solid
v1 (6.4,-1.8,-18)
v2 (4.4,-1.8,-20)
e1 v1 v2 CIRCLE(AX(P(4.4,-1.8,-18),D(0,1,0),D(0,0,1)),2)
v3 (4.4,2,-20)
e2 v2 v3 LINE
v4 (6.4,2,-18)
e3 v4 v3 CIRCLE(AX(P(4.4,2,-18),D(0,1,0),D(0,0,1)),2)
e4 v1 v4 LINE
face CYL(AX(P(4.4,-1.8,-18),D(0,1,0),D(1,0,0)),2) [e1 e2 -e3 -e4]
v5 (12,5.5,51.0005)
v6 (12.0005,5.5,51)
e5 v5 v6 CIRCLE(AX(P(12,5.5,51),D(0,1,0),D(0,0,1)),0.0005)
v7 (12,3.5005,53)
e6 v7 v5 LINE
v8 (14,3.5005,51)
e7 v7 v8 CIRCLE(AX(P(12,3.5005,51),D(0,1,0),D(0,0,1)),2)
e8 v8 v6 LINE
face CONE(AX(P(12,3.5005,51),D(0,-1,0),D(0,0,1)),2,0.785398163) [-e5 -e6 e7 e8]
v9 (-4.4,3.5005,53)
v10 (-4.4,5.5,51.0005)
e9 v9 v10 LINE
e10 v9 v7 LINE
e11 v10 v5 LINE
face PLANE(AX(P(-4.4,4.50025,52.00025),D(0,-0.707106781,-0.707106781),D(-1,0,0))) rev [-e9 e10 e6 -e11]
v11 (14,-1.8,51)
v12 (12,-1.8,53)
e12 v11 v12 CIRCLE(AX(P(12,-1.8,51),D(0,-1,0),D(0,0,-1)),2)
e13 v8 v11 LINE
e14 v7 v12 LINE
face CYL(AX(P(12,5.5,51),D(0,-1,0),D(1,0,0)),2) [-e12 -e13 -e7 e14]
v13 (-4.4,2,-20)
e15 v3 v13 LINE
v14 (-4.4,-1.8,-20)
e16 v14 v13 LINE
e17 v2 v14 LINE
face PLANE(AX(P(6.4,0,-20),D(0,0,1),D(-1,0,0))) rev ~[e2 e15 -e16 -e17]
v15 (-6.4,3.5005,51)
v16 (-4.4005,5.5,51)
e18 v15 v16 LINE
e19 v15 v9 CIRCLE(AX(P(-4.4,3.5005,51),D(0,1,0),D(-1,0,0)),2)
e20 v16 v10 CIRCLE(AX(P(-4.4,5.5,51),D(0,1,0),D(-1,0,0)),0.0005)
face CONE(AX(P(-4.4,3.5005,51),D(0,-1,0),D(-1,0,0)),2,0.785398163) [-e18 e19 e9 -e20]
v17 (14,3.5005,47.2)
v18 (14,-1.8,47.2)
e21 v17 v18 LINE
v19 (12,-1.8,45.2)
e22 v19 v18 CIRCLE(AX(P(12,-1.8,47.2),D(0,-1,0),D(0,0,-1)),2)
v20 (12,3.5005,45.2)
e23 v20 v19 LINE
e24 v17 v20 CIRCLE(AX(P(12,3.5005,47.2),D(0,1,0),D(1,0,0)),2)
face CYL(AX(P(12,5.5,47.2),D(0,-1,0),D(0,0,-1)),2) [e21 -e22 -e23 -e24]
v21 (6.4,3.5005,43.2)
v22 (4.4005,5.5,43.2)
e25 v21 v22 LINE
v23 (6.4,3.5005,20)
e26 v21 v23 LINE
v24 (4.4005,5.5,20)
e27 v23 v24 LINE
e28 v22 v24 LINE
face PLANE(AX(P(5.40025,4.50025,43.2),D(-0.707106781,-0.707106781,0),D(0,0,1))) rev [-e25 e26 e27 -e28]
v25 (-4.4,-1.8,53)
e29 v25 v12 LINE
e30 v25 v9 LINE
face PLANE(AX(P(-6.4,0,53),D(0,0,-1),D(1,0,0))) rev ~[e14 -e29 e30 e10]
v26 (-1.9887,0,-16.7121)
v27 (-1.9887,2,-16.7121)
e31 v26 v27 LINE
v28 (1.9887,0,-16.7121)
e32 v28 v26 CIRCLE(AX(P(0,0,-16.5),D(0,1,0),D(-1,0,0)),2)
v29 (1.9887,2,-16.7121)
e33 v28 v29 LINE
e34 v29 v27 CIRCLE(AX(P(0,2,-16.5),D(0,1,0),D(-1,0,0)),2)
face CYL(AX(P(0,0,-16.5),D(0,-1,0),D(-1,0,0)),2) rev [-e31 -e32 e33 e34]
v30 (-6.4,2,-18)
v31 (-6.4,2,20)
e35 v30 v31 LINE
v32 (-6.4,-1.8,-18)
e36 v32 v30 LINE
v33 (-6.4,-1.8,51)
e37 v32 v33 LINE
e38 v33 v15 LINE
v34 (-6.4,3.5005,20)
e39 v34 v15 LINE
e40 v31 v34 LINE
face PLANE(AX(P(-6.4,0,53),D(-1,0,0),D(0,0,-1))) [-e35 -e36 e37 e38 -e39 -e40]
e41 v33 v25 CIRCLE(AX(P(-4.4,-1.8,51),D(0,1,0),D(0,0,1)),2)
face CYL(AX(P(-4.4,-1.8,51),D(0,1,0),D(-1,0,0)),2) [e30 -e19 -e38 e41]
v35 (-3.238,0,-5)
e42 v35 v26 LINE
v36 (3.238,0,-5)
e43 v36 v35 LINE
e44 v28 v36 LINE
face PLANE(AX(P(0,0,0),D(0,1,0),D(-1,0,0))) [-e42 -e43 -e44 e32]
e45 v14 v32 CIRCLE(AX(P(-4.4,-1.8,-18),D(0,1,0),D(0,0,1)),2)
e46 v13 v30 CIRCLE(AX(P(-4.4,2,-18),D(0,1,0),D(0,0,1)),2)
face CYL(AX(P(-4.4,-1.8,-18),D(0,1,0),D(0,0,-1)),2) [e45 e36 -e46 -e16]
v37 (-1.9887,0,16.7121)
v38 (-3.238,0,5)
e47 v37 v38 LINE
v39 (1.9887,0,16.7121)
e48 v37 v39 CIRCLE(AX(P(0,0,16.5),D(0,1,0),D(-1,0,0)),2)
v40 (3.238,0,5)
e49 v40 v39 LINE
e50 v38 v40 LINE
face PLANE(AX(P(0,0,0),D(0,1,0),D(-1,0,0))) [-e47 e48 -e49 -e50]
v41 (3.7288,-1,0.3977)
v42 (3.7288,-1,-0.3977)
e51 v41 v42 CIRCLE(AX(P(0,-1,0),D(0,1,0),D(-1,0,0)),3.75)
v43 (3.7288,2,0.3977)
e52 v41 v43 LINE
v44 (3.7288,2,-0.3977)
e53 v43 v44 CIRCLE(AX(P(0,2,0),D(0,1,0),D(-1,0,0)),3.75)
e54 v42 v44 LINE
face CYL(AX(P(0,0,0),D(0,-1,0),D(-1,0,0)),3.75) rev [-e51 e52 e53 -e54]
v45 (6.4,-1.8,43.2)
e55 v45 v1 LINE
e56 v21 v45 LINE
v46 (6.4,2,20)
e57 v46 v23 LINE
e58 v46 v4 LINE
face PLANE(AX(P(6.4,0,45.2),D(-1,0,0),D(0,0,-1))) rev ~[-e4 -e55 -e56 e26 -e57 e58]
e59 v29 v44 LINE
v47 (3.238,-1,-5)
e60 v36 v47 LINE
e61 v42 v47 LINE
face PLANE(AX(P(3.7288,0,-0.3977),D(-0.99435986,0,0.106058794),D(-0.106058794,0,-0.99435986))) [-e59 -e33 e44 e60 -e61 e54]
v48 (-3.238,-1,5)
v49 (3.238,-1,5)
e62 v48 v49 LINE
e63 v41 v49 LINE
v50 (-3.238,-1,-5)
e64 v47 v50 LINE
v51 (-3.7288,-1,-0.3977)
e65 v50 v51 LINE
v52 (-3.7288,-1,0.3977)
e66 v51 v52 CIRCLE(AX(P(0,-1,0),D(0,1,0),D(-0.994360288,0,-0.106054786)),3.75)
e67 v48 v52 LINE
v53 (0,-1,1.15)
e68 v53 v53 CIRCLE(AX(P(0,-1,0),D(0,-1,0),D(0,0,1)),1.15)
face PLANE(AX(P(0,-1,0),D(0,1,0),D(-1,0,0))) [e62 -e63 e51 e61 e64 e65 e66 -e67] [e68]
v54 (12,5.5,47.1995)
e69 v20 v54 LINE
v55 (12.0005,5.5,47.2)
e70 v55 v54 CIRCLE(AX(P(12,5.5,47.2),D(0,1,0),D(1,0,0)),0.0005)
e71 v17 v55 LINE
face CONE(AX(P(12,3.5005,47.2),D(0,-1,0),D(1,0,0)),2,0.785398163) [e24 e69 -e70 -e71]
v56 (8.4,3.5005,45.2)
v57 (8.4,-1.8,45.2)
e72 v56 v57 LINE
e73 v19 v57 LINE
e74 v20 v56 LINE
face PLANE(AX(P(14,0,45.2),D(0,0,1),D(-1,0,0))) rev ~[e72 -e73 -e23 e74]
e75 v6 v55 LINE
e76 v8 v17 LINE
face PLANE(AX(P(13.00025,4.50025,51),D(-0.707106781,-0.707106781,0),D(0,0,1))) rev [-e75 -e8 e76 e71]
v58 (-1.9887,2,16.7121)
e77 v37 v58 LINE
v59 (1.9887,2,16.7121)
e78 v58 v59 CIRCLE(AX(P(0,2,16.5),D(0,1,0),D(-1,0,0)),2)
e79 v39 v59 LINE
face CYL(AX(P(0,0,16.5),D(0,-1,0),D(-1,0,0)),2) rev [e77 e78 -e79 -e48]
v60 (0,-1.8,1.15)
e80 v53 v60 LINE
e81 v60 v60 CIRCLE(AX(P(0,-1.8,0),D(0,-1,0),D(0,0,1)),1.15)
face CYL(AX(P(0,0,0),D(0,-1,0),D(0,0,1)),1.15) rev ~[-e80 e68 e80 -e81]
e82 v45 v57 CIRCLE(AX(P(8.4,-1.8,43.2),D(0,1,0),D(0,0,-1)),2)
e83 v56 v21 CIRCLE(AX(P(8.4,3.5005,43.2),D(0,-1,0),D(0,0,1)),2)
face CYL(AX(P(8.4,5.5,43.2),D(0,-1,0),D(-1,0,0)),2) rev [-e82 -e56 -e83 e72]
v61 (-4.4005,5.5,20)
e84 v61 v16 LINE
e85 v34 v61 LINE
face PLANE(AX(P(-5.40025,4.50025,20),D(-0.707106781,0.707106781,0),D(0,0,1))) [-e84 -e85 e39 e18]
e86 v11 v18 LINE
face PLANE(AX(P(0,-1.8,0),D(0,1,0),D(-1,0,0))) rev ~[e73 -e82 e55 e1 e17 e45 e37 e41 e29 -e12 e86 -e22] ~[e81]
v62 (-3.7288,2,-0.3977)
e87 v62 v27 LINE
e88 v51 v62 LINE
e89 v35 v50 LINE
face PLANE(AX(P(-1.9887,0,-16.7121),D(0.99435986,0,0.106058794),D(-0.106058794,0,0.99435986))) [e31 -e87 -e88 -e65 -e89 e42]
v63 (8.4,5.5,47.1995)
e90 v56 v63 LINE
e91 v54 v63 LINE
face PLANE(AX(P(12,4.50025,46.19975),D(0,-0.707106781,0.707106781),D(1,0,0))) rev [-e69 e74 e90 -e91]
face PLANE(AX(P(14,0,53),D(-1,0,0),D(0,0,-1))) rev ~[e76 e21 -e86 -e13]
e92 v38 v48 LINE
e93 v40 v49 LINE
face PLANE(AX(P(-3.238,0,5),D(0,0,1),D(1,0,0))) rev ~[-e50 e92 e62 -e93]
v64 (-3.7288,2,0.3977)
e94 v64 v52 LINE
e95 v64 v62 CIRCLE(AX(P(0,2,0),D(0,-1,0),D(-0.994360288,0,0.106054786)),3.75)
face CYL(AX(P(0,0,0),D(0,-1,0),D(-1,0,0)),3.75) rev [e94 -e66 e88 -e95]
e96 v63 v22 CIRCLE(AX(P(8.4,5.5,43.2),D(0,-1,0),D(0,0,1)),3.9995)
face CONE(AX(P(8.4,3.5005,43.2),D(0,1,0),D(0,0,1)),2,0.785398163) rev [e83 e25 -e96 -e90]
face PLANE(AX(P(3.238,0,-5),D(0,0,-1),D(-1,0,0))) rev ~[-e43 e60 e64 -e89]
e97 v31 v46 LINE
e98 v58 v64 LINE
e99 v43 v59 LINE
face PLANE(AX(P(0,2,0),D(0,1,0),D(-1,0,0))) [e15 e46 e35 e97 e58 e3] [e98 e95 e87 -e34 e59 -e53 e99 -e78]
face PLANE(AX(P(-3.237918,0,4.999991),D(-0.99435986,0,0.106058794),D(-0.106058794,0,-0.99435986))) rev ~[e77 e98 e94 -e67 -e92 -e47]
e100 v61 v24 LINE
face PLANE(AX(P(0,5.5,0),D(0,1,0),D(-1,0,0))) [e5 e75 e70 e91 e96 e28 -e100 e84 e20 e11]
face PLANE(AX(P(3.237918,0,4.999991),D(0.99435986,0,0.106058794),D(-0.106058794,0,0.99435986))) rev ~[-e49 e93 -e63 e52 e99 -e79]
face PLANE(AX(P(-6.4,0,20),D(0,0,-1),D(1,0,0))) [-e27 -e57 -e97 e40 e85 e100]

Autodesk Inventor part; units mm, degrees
ref_plane "YZ Plane" through (0, 0, 0) normal (1, 0, 0) x (0, 1, 0)
ref_plane "XZ Plane" through (0, 0, 0) normal (0, 1, 0) x (-1, 0, 0)
ref_plane "XY Plane" through (0, 0, 0) normal (0, 0, 1) x (1, 0, 0)
sketch "Sketch1" plane through (0, 0, 0) normal (0, 1, 0) x (-1, 0, 0)
  circle A0 centre (0, 0) radius 3.75
  circle A1 centre (0, 16.5) radius 2
  line L0 (0, 16.5) -> (0, 0) construction
  line L1 (1.9887, 16.7121) -> (3.7288, 0.3977)
  line L2 (-3.7288, 0.3977) -> (-1.9887, 16.7121)
  line L3 (0, 16.5) -> (0, 18.5) construction
  line L4 (0, 0) -> (3.75, 0) construction
  circle A2 centre (0, -16.5) radius 2
  line L5 (0, -16.5) -> (0, -18.5) construction
  line L6 (1.9887, -16.7121) -> (3.7288, -0.3977)
  line L7 (0, -16.5) -> (0, 0) construction
  line L8 (-3.7288, -0.3977) -> (-1.9887, -16.7121)
  line L9 (3.238, 5) -> (-3.238, 5)
  line L10 (-3.238, -5) -> (3.238, -5)
  line L11 (-6.4, -20) -> (6.4, -20)
  line L12 (6.4, -20) -> (6.4, 20)
  line L13 (6.4, 20) -> (-6.4, 20)
  line L14 (-6.4, 20) -> (-6.4, -20)
  line L15 (-6.4, -20) -> (6.4, 20) construction
  line L16 (6.4, -20) -> (-6.4, 20) construction
  line L17 (6.4, 53) -> (-14, 53)
  line L18 (-14, 53) -> (-14, 45.2)
  line L19 (-14, 45.2) -> (-6.4, 45.2)
  line L20 (-6.4, 45.2) -> (-6.4, 20)
  line L21 (6.4, 53) -> (6.4, 20)
  line L22 (0, 20) -> (0, 53) construction
  point P0 (-3.7288, -0.3977)
  point P1 (3.7288, -0.3977)
  dimension "d0" = 4
  dimension "d1" = 7.5
  dimension "d2" = 18.5
  dimension "d3" = 5
  dimension "d4" = 5
  dimension "d7" = 12.8
  dimension "d8" = 40
  dimension "d9" = 6.4
  dimension "d10" = 6.4
  dimension "d11" = 53
  dimension "d12" = 14
  dimension "d13" = 7.8
extrude "Extrusion1" add sketch "Sketch1" against normal blind 1.8 contours A0 | A0 L2 L9 L1 | L6 L10 L8 A0 | L9 L2 A1 L1 | L6 A2 L8 L10 | A1 | A2 | L14 L13 L12 L11 | L20 L19 L18 L17 L21 L13
extrude "Extrusion2" add sketch "Sketch1" along normal blind 2 contours L14 L13 L12 L11
hole "Hole2" at (0, 0, 0) direction (0, -1, 0) diameter 2.3 end through all
extrude "Extrusion3" cut sketch "Sketch1" against normal blind 1 contours A0 | A0 L2 L9 L1 | L6 L10 L8 A0
extrude "Extrusion4" add sketch "Sketch1" along normal blind 5.5 contours L20 L19 L18 L17 L21 L13
fillet "Fillet1" radius 2 6 edges at (6.4, 1.85, 45.2) (14, 1.85, 45.2) (14, 1.85, 53) (-6.4, 1.85, 53) (6.4, 0.1, -20) (-6.4, 0.1, -20)
chamfer "Chamfer1" distance 2 angle 45 8 edges at (6.4, 5.5, 31.6) (10.2, 5.5, 45.2) (13.4142, 5.5, 45.7858) (14, 5.5, 49.1) (13.4142, 5.5, 52.4142) (3.8, 5.5, 53) (-5.8142, 5.5, 52.4142) (-6.4, 5.5, 35.5)
equation "\"d4\" = d3"
equation "\"d7\" = 2 * d9"
equation "\"d10\" = d9"
properties part number "arm2_3DPrint"
